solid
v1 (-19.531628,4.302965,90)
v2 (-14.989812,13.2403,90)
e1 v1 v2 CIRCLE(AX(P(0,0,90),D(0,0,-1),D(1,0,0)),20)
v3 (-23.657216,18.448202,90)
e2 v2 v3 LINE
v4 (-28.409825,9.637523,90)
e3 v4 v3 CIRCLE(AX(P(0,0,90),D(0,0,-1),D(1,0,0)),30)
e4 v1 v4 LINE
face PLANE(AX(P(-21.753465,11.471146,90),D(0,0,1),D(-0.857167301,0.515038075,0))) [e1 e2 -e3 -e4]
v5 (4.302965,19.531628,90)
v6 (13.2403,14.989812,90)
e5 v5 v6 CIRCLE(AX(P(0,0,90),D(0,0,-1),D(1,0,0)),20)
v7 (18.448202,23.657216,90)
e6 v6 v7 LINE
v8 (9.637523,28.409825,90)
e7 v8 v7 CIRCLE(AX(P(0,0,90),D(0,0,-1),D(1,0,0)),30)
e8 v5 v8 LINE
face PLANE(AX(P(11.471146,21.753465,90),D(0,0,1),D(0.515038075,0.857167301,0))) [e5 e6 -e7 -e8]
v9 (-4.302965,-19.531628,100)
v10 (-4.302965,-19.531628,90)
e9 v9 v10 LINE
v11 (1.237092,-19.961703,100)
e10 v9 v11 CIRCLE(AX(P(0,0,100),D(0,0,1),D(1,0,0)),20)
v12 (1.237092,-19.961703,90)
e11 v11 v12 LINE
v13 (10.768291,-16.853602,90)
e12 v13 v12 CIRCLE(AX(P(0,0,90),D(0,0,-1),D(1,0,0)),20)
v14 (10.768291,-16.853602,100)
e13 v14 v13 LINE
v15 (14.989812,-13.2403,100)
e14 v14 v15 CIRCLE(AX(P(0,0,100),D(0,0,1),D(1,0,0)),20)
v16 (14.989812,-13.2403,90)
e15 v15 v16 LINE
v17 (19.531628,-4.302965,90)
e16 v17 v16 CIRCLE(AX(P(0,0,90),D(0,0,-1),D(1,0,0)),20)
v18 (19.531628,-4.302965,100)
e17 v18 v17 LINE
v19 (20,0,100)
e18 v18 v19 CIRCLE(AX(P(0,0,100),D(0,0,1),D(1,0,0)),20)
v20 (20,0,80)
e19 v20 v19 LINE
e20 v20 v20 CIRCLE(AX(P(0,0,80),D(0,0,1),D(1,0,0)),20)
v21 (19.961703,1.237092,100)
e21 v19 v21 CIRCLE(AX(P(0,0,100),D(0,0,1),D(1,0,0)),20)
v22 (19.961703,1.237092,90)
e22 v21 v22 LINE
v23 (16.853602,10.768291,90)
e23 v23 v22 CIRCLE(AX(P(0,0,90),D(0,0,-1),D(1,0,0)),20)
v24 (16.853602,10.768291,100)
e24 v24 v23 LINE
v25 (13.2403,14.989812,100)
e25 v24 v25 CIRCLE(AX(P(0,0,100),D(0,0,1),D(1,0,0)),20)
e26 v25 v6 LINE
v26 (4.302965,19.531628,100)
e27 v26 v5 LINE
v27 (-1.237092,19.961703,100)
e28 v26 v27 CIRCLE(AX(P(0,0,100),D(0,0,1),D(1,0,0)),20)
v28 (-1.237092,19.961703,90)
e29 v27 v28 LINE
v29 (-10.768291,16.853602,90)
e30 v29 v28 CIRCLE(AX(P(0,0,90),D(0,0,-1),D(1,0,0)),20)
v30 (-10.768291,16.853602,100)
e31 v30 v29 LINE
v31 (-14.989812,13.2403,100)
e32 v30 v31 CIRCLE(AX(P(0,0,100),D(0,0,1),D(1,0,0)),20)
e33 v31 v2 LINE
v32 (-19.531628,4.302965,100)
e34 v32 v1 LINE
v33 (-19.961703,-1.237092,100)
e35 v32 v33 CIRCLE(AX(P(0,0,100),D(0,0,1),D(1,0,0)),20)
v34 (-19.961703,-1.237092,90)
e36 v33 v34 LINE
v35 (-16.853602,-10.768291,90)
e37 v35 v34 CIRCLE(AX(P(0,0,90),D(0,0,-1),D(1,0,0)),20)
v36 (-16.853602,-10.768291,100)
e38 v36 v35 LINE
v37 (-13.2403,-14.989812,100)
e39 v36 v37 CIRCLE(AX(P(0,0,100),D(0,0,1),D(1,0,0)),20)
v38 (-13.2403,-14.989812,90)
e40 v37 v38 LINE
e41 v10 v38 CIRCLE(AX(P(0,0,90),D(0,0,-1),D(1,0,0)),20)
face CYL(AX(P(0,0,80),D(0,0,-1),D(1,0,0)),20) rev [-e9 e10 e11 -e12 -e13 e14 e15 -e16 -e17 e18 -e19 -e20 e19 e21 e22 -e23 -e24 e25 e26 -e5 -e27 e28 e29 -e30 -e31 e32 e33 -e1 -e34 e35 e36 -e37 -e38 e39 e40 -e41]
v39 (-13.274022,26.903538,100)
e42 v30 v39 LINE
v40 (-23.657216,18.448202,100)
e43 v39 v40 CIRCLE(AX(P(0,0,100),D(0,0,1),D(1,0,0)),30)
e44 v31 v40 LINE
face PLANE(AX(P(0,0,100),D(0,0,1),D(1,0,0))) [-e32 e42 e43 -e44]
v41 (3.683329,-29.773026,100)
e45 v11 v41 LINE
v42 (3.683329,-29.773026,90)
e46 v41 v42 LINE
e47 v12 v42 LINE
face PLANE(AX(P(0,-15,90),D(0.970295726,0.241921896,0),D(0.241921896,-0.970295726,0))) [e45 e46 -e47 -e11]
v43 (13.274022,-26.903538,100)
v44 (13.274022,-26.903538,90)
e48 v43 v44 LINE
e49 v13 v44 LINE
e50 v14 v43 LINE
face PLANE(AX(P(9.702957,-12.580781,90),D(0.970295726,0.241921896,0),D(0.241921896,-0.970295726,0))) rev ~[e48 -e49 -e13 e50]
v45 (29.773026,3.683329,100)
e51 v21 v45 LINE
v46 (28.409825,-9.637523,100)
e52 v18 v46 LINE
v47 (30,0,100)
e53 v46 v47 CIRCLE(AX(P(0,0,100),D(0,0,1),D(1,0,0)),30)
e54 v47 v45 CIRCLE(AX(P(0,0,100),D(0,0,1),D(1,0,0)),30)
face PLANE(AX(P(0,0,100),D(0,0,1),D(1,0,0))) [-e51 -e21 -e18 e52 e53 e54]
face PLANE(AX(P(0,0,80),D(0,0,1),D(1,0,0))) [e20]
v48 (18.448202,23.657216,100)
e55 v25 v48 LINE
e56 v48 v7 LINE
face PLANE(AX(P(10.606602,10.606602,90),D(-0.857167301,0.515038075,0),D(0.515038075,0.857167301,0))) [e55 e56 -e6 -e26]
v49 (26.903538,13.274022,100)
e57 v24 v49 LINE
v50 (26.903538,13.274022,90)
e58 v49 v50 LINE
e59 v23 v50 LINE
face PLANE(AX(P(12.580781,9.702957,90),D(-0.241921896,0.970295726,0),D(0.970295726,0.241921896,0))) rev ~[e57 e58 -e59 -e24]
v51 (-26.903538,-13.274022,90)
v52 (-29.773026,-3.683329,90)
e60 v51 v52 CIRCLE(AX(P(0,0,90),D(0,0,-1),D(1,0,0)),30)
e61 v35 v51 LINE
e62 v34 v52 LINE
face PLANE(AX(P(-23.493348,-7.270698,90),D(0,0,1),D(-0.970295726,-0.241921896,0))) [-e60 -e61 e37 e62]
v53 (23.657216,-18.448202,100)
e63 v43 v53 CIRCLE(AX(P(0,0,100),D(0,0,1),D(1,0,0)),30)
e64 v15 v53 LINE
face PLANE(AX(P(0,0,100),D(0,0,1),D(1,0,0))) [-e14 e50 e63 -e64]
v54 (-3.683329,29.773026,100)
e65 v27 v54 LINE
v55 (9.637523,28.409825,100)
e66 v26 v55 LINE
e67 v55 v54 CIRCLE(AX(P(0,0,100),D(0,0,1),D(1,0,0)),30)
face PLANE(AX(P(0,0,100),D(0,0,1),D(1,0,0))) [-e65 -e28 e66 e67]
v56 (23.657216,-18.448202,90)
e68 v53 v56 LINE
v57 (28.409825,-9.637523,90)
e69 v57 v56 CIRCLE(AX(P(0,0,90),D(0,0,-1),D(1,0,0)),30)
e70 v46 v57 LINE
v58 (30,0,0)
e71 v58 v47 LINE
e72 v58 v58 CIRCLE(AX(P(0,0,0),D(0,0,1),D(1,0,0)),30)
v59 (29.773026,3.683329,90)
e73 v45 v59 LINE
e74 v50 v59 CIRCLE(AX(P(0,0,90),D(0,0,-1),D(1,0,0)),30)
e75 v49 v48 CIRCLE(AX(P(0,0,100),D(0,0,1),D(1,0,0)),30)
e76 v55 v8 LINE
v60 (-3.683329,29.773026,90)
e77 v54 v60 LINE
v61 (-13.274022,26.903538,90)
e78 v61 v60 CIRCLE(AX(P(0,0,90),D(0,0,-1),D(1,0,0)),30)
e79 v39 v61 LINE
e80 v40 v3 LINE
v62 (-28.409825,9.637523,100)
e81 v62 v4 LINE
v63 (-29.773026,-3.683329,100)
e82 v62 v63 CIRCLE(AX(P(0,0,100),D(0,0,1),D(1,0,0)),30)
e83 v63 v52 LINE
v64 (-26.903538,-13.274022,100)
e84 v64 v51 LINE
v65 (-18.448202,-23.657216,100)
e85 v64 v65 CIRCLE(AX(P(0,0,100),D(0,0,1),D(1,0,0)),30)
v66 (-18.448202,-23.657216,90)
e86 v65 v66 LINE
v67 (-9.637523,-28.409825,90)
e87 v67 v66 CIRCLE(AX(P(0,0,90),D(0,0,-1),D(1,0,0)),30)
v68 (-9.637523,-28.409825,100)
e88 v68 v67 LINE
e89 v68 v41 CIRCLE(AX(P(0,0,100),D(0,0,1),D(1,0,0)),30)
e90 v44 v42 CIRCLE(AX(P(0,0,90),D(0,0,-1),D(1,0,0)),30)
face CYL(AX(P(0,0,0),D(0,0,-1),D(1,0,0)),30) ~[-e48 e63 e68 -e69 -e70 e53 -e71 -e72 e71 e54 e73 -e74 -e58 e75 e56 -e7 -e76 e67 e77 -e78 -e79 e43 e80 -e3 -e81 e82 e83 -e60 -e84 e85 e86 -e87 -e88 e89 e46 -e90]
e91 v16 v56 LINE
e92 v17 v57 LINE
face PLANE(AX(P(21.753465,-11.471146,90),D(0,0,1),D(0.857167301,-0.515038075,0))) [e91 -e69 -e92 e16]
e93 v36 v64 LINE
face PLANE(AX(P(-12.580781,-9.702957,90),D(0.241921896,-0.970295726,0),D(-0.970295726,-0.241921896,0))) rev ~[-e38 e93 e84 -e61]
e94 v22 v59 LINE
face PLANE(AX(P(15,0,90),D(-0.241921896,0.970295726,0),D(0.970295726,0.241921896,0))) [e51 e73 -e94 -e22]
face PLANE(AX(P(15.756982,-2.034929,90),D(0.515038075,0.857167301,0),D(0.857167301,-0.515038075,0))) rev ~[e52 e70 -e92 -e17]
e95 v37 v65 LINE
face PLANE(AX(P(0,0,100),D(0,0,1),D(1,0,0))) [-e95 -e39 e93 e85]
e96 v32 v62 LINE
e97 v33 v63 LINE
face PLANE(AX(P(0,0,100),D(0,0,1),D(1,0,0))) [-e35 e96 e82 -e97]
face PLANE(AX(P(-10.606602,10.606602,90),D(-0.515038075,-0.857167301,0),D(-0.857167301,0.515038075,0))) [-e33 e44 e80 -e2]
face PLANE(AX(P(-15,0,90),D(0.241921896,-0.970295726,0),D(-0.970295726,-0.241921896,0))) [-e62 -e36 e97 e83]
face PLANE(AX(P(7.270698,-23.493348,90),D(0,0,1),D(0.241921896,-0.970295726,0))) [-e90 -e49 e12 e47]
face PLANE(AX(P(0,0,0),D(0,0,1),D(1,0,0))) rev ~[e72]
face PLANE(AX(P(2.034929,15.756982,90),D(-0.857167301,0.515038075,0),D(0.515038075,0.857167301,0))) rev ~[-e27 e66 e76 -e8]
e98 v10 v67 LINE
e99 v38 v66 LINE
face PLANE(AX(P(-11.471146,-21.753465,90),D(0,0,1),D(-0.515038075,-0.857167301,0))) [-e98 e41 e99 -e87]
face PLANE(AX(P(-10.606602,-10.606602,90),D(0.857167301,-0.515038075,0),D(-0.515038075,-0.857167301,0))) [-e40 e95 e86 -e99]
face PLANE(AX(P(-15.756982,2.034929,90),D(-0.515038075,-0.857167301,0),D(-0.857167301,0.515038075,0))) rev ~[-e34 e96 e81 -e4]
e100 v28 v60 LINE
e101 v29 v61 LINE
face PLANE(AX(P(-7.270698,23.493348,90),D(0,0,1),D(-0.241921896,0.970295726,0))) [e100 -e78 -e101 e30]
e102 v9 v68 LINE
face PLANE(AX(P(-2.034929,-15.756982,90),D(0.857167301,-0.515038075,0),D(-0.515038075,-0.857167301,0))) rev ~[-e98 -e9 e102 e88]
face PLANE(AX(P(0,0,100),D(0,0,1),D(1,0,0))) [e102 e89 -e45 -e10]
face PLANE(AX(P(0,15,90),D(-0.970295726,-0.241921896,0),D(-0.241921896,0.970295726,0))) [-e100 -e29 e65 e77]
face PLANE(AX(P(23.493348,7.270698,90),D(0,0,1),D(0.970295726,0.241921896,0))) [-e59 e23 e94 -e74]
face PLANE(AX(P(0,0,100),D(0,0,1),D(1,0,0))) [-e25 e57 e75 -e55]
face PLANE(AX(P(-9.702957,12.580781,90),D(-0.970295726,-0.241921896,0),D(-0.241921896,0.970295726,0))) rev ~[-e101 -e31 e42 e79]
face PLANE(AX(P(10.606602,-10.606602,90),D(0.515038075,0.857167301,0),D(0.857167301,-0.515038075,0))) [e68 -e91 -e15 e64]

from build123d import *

# Parameters (mm, degrees)
BOX_W               = 20
BOX_H               = 10
BOX_DEPTH           = 10
BOX_PLACEMENT_ANGLE = 14
ARRAY_COUNT         = 8
CYLINDER001_R       = 20
CYLINDER001_DEPTH   = 20
CYLINDER_R          = 30
CYLINDER_DEPTH      = 100


with BuildPart() as merlets:
    # Box → Box (new body)
    with BuildSketch(Plane.XY):
        with Locations((10, 5)):
            Rectangle(BOX_W, BOX_H)
    extrude(amount=BOX_DEPTH)


with BuildPart() as merlets_1:
    # Box placement: moved
    add(merlets.part.moved(Location((15, 0, 90))).rotate(Axis((15, 0, 90), (0, 0, 1)), BOX_PLACEMENT_ANGLE))

    # Array: merlets ×8 about axis
    array_axis = Axis((0, 0, 1), (0, 0, 1))


with BuildPart() as merlets_2:
    add(merlets_1.part)
    for i in range(1, ARRAY_COUNT):
        add(merlets_1.part.rotate(array_axis, i * 360 / ARRAY_COUNT))


with BuildPart() as cylinder001:
    # Cylinder001 → Cylinder001 (new body)
    with BuildSketch(Plane.XY.offset(80)):
        Circle(CYLINDER001_R)
    extrude(amount=CYLINDER001_DEPTH)


with BuildPart() as torre:
    # Cylinder → Cylinder (new body)
    with BuildSketch(Plane.XY):
        Circle(CYLINDER_R)
    extrude(amount=CYLINDER_DEPTH)

    # Cut: cut Cylinder001
    add(cylinder001.part, mode=Mode.SUBTRACT)

    # Cut001: cut merlets
    add(merlets_2.part, mode=Mode.SUBTRACT)


solid = torre.part
